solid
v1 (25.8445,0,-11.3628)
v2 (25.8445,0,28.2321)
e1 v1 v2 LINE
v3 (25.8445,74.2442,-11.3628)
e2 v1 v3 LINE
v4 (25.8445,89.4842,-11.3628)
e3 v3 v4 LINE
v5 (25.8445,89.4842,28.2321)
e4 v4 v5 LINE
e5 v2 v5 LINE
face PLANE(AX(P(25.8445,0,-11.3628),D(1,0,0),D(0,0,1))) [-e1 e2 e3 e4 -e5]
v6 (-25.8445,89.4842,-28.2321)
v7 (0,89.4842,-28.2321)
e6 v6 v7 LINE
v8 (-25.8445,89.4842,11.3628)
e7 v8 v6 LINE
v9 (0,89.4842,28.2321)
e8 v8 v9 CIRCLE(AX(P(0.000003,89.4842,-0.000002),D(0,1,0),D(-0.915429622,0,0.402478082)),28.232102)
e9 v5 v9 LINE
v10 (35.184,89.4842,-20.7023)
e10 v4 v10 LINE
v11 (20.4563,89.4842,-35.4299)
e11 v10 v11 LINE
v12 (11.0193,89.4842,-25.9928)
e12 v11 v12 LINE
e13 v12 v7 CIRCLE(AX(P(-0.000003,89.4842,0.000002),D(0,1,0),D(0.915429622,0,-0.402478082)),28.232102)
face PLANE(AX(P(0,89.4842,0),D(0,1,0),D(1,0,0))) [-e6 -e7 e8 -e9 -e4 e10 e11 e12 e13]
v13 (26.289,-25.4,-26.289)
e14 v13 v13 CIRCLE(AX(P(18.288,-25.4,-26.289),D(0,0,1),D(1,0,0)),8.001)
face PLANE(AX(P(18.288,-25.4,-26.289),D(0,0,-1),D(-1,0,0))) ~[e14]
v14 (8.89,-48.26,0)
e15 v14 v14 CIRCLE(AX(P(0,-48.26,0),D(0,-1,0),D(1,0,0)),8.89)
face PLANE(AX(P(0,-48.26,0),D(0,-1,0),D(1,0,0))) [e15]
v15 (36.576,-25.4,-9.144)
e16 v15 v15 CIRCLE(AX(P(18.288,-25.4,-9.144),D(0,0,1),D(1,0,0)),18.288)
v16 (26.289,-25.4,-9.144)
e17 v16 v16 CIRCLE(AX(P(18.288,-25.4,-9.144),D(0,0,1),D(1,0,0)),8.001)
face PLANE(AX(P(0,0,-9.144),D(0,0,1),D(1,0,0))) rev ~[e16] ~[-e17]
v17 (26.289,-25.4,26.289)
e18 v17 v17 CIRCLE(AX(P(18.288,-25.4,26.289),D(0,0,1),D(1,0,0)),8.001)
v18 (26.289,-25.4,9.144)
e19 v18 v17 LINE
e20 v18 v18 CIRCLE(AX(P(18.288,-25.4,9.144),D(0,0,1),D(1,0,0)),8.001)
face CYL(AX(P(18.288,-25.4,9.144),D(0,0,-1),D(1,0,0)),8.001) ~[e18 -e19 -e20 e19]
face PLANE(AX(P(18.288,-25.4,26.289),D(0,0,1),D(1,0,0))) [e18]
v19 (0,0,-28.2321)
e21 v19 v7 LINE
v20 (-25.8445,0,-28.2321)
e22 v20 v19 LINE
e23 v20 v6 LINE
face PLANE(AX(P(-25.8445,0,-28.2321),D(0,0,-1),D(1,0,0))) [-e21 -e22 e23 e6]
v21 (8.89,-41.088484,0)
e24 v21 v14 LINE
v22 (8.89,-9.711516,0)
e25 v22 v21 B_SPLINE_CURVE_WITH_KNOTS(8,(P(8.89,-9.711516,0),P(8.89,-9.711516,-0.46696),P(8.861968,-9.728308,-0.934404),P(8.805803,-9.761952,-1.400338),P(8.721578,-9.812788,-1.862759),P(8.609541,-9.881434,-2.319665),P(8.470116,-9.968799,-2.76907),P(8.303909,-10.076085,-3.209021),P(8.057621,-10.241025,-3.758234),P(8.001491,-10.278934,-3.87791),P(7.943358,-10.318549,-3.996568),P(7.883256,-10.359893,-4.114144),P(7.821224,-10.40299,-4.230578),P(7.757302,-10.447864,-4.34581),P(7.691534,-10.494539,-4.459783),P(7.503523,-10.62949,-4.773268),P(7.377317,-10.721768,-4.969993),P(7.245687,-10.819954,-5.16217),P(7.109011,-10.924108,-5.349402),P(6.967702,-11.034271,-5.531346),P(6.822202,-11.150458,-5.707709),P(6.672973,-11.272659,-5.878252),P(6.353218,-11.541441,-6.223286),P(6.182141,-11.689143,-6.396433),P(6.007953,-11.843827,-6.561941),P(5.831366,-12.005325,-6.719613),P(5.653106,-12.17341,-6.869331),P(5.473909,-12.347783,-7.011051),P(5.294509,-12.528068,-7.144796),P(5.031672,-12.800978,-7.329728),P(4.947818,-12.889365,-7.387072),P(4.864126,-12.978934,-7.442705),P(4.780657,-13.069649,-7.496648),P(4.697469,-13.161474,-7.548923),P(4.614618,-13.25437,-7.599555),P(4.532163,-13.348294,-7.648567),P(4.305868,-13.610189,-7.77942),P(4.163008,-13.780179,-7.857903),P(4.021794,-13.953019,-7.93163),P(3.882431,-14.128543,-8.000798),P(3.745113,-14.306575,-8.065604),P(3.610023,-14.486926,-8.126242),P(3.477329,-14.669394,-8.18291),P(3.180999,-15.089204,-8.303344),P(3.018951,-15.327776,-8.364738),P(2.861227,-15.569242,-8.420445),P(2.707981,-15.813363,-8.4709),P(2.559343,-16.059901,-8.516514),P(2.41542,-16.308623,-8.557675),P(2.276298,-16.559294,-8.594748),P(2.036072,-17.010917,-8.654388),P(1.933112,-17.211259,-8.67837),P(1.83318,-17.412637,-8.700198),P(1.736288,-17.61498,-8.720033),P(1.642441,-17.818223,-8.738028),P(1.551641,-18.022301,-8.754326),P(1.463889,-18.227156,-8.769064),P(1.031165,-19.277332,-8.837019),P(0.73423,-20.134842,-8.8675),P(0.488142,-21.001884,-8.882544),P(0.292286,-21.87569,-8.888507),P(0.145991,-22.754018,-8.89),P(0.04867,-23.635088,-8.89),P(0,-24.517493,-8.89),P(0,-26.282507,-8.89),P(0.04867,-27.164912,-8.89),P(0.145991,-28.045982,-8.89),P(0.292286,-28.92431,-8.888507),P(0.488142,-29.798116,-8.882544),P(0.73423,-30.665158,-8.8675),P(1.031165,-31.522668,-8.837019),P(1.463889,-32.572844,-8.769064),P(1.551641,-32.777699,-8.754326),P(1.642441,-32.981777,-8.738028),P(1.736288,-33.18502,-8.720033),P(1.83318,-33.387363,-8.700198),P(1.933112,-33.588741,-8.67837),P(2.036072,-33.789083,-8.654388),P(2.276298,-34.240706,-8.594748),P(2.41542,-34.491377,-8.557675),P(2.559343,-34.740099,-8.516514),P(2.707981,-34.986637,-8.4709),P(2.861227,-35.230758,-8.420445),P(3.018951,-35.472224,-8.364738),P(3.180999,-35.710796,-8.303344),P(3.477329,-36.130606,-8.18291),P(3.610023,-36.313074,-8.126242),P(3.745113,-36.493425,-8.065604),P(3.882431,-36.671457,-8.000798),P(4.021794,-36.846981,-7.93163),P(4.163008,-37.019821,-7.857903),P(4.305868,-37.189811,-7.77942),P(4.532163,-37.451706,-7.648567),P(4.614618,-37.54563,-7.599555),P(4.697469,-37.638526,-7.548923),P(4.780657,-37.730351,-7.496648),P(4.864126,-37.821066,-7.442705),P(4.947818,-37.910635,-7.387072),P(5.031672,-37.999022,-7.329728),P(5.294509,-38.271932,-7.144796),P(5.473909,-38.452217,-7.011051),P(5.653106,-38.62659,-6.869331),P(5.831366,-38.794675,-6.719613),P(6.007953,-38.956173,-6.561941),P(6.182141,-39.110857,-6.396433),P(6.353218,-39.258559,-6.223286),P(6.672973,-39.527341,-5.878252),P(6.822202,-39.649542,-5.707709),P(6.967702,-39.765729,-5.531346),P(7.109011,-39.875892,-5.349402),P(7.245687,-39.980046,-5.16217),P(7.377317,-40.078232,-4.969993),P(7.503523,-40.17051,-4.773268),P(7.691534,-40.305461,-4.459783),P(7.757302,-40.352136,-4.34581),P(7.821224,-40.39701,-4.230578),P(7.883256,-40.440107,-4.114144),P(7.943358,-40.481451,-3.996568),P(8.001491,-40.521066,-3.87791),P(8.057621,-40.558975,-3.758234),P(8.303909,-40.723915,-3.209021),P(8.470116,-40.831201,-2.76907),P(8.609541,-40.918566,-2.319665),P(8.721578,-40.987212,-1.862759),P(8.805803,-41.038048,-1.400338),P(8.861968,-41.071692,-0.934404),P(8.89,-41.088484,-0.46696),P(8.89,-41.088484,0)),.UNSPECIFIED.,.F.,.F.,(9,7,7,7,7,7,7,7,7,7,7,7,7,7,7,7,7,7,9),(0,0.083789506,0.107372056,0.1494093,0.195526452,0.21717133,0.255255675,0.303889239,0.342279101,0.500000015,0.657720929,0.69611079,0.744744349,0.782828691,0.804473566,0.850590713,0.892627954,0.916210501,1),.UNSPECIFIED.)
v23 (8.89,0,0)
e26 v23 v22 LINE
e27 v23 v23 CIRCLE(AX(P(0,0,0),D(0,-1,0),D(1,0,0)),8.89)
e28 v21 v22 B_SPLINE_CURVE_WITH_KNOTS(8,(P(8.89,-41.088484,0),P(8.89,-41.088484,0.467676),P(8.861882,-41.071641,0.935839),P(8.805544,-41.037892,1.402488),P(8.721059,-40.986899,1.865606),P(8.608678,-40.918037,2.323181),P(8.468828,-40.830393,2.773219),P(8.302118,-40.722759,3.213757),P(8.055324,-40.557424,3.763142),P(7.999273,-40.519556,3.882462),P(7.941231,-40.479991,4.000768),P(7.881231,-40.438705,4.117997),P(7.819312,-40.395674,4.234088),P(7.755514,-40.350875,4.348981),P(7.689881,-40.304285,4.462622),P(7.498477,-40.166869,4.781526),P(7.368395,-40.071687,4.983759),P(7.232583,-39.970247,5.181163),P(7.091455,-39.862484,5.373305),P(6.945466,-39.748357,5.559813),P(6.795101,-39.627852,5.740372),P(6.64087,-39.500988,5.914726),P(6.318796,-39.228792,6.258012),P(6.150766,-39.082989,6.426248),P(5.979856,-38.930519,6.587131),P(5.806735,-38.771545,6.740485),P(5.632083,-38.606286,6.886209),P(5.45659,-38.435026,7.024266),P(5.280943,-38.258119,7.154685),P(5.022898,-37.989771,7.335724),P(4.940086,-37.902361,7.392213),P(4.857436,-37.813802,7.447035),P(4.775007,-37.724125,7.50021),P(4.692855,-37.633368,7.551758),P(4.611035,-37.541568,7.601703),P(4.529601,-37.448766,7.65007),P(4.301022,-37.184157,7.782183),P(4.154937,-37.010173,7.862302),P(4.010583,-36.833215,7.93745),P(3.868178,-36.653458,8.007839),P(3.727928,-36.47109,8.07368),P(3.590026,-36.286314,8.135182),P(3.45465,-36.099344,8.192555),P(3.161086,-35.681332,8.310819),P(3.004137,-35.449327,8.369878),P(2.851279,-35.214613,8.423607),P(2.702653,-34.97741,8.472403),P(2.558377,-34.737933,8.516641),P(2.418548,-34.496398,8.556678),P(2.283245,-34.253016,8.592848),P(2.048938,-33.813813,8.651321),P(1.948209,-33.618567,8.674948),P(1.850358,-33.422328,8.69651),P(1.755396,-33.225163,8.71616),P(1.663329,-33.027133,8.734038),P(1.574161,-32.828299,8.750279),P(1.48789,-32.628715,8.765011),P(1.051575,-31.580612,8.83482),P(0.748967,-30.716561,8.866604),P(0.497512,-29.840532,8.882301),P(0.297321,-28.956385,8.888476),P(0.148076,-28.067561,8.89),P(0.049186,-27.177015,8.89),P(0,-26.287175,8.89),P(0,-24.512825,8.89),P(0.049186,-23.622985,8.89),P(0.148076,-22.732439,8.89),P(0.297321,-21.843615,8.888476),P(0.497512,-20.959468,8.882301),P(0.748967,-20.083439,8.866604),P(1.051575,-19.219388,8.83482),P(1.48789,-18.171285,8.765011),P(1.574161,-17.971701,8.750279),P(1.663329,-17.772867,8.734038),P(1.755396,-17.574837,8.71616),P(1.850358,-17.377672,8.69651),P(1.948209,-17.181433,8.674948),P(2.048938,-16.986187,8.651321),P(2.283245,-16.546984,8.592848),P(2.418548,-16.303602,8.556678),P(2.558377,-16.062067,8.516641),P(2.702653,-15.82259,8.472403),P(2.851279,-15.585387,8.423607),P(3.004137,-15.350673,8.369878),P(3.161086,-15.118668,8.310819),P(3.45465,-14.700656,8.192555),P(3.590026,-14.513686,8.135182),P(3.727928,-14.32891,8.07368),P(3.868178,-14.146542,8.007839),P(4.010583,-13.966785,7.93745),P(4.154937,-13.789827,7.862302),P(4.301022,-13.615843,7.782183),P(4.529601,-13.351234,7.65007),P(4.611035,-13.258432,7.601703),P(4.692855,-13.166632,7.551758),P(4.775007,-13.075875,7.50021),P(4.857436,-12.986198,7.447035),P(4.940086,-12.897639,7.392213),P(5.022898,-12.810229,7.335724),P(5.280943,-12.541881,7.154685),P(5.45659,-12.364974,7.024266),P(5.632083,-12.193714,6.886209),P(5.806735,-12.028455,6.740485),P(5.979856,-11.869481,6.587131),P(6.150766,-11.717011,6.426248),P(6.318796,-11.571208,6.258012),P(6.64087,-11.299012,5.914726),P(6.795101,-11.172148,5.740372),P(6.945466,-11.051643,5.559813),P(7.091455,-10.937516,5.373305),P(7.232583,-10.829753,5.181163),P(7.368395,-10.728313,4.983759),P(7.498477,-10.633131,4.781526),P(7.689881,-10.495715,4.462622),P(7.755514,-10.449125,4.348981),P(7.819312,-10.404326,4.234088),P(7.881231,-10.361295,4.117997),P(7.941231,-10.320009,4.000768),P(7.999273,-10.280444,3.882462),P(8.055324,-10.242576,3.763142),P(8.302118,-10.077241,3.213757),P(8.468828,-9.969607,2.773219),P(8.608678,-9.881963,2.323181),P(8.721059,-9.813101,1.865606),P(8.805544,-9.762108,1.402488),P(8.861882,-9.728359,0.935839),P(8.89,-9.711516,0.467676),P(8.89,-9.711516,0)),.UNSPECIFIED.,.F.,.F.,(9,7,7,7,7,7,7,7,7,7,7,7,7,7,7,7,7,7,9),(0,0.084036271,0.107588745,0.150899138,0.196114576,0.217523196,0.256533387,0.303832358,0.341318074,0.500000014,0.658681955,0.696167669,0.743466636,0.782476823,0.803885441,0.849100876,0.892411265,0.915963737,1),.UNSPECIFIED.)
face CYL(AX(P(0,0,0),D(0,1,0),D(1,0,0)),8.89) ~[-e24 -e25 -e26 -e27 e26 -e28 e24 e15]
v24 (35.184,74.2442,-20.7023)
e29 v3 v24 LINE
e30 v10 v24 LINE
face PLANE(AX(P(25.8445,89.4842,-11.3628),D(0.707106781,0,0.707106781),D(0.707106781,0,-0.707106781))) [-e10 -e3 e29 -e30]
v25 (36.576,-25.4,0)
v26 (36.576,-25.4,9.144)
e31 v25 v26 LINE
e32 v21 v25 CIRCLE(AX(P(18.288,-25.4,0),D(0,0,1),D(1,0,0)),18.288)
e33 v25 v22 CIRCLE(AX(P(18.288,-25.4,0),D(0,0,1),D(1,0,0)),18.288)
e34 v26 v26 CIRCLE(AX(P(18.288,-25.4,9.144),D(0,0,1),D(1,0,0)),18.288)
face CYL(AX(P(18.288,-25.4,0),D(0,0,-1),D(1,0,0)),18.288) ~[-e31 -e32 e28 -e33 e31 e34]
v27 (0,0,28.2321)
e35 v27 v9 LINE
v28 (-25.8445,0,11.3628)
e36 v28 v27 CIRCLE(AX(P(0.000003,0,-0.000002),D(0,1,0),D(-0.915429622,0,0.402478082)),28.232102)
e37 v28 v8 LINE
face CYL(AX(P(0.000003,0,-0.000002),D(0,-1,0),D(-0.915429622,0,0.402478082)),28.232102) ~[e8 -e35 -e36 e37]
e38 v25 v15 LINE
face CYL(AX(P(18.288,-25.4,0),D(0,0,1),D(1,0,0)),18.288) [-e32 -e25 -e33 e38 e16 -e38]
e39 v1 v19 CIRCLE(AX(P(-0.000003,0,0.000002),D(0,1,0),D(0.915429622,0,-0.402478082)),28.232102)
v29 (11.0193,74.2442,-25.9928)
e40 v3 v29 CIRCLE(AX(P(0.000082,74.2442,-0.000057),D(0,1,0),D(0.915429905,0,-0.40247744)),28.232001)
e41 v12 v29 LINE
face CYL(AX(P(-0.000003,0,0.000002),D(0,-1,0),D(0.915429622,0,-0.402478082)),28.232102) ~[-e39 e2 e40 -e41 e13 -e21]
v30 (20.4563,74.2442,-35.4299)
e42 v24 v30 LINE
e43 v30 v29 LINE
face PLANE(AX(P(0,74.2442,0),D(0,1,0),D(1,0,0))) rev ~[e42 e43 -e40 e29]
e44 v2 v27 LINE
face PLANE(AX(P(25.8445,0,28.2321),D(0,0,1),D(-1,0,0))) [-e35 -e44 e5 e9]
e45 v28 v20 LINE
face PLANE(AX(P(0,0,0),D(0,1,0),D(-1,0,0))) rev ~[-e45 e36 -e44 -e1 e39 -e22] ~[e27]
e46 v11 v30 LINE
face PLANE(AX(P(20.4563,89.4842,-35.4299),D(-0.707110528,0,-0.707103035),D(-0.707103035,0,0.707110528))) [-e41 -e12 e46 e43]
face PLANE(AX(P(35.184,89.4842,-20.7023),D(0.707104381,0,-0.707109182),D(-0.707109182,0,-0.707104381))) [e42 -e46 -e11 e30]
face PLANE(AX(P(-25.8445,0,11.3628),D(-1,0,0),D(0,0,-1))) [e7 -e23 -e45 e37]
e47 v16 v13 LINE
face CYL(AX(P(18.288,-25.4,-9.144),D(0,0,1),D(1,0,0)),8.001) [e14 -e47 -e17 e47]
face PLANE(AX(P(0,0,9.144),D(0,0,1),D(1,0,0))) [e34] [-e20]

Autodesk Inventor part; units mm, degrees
ref_plane "YZ Plane" through (0, 0, 0) normal (1, 0, 0) x (0, 1, 0)
ref_plane "XZ Plane" through (0, 0, 0) normal (0, 1, 0) x (-1, 0, 0)
ref_plane "XY Plane" through (0, 0, 0) normal (0, 0, 1) x (1, 0, 0)
sketch "Sketch1" plane through (0, 0, 0) normal (0, 1, 0) x (-1, 0, 0)
  line L0 (-25.8445, -28.2321) -> (25.8445, -28.2321) construction
  line L1 (25.8445, -28.2321) -> (25.8445, 28.2321) construction
  line L2 (25.8445, 28.2321) -> (-25.8445, 28.2321) construction
  line L3 (-25.8445, 28.2321) -> (-25.8445, -28.2321) construction
  line L4 (-25.8445, -28.2321) -> (25.8445, 28.2321) construction
  line L5 (25.8445, -28.2321) -> (-25.8445, 28.2321) construction
  circle A0 centre (0, 0) radius 28.2321 construction
  arc A1 (-25.8445, -11.3628) -> (0, -28.2321) centre (0, 0) ccw
  arc A2 (25.8445, 11.3628) -> (0, 28.2321) centre (0, 0) ccw
  line L6 (25.8445, 11.3628) -> (25.8445, -28.2321)
  line L7 (25.8445, -28.2321) -> (0, -28.2321)
  line L8 (-25.8445, -11.3628) -> (-25.8445, 28.2321)
  line L9 (-25.8445, 28.2321) -> (0, 28.2321)
  dimension "d2" = 51.689
  dimension "d3" = 56.4642
extrude "Extrusion1" add sketch "Sketch1" along normal blind 89.4842
sketch "Sketch2" plane through (0, 0, 0) normal (0, -1, 0) x (1, 0, 0)
  circle A0 centre (0, 0) radius 8.89
  dimension "d6" = 17.78
extrude "Extrusion2" add sketch "Sketch2" along normal blind 48.26
sketch "Sketch3" plane through (0, 0, 0) normal (0, 0, 1) x (1, 0, 0)
  line L0 (-8.89, -48.26) -> (8.89, -48.26) projected
  line L1 (8.89, 0) -> (-8.89, 0) projected
  line L2 (0, -48.26) -> (0, -25.4) construction
  line L3 (0, -25.4) -> (18.288, -25.4) construction
  circle A0 centre (18.288, -25.4) radius 18.288
  dimension "d9" = 22.86
  dimension "d10" = 18.288
extrude "Extrusion3" add sketch "Sketch3" along normal blind 9.144 and the other way blind 9.144
sketch "Sketch4" plane through (18.288, -25.4, 9.144) normal (0, 0, 1) x (1, 0, 0)
  circle A0 centre (0, 0) radius 8.001
  dimension "d15" = 16.002
extrude "Extrusion4" add sketch "Sketch4" along normal blind 17.145
mirror "Mirror1" about plane through (0, 0, 0) normal (0, 0, 1) of "Extrusion4"
sketch "Sketch5" plane through (0, 89.4842, 0) normal (0, 1, 0) x (1, 0, 0)
  arc A0 (25.8445, 11.3628) -> (0, 28.2321) centre (0, 0) ccw construction
  line L0 (25.8445, -28.2321) -> (25.8445, 11.3628) construction
  line L1 (25.8445, 11.3628) -> (35.184, 20.7023)
  line L2 (25.8445, 11.3628) -> (39.0525, 11.3628) construction
  line L3 (35.184, 20.7023) -> (20.4563, 35.4299)
  line L4 (20.4563, 35.4299) -> (11.0193, 25.9928)
  arc A1 (25.8445, 11.3628) -> (11.0193, 25.9928) centre (0, 0) ccw
  dimension "d18" = 13.208
  dimension "d19" = 45
  dimension "d20" = 20.828
extrude "Extrusion5" add sketch "Sketch5" against normal blind 15.24
properties part number "Motor_500RPM" material "Aluminum 6061"
